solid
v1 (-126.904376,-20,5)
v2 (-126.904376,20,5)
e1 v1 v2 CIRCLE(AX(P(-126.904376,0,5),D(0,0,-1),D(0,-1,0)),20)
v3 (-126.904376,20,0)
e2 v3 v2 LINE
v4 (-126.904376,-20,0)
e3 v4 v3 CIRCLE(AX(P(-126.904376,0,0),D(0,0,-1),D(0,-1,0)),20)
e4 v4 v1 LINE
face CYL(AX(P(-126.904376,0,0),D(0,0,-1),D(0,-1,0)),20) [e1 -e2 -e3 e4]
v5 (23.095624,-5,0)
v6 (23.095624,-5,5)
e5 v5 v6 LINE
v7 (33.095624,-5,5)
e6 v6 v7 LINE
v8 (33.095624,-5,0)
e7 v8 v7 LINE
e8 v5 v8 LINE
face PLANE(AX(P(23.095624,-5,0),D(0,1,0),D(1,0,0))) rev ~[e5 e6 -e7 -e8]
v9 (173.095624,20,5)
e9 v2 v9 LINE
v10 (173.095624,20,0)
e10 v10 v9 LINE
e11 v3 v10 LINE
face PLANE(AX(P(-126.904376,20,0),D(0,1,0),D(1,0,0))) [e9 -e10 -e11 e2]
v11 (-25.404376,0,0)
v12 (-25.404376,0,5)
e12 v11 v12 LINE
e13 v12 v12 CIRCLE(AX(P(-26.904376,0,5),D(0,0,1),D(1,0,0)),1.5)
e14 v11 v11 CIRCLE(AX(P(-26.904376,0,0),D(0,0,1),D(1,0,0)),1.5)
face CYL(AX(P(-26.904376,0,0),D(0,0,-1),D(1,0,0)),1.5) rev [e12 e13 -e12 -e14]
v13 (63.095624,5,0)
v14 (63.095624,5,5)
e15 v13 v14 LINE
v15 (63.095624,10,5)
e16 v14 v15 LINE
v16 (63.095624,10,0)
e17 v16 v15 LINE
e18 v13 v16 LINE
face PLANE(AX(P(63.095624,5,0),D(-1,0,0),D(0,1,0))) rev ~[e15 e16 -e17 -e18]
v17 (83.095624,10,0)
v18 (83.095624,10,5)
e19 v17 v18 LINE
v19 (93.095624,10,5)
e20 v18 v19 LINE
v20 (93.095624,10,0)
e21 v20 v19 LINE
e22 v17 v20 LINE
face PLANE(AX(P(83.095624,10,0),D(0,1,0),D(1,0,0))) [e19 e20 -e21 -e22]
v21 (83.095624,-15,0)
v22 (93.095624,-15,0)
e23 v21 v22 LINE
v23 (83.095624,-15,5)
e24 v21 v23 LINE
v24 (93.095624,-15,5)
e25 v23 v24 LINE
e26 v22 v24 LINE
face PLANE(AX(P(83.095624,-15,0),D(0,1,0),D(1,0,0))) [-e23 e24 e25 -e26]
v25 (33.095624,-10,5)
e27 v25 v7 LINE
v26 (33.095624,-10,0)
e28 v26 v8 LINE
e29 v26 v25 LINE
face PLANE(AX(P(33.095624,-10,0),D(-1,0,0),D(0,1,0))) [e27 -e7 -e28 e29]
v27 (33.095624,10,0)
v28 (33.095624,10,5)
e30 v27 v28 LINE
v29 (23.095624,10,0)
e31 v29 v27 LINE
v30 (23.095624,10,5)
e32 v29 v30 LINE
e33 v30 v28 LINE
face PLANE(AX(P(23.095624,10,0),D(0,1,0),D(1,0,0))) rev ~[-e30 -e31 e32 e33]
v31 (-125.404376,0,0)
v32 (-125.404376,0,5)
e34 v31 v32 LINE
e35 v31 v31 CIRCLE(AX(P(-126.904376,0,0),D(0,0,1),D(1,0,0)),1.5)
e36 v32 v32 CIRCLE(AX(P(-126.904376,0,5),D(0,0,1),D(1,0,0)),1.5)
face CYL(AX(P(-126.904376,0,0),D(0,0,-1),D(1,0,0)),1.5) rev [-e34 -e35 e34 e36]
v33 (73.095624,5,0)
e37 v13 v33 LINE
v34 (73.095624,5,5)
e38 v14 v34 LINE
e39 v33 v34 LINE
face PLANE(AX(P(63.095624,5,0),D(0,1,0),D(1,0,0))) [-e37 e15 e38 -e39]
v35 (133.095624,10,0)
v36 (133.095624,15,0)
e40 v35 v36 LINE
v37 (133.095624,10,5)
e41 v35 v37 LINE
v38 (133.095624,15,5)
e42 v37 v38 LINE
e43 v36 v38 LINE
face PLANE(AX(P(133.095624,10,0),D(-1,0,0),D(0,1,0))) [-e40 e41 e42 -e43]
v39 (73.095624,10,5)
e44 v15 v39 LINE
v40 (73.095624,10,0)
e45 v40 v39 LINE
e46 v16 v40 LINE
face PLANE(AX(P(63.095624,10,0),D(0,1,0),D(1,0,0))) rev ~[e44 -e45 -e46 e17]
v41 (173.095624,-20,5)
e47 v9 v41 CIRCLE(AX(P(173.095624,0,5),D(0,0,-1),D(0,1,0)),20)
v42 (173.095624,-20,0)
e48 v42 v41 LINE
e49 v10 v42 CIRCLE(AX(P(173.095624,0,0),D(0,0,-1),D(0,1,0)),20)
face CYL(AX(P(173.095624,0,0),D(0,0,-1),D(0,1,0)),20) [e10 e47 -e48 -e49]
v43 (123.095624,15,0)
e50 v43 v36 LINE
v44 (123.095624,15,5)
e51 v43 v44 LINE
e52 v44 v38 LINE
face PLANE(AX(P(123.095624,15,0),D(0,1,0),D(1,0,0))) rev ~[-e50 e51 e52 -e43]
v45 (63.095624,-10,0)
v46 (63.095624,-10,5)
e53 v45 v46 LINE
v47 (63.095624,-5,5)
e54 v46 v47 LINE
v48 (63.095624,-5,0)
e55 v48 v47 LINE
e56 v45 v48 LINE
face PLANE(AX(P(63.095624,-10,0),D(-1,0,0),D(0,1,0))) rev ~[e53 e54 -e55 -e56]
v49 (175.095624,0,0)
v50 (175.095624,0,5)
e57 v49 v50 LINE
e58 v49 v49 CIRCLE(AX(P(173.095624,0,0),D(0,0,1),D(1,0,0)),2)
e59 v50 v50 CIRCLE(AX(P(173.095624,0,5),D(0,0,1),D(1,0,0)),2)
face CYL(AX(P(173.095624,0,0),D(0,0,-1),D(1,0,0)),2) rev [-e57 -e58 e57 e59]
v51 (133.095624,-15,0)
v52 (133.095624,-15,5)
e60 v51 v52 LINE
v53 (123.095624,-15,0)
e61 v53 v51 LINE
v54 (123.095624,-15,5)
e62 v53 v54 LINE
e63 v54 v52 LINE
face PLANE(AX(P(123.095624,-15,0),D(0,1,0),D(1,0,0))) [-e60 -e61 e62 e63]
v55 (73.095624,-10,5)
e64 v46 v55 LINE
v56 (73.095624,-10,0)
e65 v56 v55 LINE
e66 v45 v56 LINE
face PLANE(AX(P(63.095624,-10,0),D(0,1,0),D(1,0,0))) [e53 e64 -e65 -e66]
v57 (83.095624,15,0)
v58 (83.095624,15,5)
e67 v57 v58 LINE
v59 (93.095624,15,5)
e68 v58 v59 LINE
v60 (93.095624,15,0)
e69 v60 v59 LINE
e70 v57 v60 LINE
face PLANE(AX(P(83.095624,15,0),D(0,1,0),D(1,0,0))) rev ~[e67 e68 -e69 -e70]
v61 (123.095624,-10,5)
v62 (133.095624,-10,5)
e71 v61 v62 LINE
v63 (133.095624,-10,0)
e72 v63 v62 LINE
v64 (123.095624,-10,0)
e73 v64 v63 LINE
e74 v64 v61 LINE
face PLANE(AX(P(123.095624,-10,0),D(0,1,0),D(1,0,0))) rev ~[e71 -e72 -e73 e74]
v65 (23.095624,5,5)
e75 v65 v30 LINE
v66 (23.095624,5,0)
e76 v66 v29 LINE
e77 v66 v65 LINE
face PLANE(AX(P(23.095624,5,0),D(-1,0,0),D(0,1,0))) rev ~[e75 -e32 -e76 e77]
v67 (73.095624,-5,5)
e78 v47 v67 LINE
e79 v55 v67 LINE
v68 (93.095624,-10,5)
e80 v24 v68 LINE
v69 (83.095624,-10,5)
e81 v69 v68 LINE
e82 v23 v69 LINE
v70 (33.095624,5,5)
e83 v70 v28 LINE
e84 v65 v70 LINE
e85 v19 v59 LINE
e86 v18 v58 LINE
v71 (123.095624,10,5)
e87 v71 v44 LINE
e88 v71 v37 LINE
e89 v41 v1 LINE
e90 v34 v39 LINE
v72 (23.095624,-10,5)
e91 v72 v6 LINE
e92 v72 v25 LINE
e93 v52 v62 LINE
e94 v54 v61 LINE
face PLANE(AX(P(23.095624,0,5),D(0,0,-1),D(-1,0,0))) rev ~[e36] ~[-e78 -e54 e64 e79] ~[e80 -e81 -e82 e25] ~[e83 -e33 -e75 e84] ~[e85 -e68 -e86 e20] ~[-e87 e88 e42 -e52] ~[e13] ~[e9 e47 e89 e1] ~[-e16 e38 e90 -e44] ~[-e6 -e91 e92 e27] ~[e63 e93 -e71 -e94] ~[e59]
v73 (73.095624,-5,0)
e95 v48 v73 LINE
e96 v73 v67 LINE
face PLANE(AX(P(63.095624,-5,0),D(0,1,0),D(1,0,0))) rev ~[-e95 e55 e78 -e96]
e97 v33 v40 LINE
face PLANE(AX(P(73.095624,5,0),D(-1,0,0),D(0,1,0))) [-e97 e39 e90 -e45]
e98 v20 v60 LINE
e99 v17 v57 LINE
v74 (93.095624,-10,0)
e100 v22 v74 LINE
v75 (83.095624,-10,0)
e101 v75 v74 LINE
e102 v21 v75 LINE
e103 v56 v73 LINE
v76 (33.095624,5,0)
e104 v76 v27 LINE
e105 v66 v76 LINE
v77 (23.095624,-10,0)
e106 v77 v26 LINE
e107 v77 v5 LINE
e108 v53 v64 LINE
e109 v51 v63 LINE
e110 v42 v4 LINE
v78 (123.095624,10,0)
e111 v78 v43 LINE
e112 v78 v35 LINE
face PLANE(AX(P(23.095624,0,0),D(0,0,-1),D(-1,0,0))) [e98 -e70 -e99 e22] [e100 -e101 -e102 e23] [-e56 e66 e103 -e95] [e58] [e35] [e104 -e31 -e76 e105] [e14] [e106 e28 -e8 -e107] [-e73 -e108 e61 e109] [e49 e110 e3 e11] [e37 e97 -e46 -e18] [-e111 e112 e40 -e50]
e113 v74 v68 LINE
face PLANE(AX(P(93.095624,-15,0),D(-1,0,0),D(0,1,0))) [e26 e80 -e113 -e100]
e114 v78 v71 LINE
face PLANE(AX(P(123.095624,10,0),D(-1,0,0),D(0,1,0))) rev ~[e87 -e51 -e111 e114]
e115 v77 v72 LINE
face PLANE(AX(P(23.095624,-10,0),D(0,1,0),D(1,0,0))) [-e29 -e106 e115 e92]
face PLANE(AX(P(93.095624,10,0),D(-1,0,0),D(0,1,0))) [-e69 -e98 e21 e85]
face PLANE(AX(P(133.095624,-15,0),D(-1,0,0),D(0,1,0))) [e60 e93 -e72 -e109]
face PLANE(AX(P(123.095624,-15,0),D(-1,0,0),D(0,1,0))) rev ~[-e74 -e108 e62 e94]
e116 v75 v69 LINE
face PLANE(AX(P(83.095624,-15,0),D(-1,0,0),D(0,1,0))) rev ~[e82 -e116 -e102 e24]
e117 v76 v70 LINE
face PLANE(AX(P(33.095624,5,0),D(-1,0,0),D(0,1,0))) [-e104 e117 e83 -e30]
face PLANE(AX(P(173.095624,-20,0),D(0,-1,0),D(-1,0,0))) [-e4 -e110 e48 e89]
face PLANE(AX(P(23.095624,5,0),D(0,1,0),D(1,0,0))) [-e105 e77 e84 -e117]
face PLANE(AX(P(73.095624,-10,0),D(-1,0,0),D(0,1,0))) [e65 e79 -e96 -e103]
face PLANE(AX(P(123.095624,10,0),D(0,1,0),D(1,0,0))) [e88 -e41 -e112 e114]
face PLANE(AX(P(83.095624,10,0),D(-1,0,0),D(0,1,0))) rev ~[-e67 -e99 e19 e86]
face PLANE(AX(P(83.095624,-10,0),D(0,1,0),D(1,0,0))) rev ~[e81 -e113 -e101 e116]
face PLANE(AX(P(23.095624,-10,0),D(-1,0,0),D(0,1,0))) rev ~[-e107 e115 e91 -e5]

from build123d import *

# Parameters (mm, degrees)
SKETCH1_R           = 1.5
SKETCH1_R_2         = 2
SKETCH1_W           = 10
SKETCH1_H           = 5
BOSS_EXTRUDE1_DEPTH = 5


with BuildPart() as part:
    # Sketch1 → Boss-Extrude1 (new body)
    with BuildSketch(Plane.XY):
        with BuildLine():
            Line((-126.904376013, 20), (173.095623987, 20))
            ThreePointArc((173.095623987, 20), (193.095623987, 0), (173.095623987, -20))
            Line((173.095623987, -20), (-126.904376013, -20))
            ThreePointArc((-126.904376013, -20), (-146.904376013, 0), (-126.904376013, 20))
        make_face()
        with Locations((-126.904376013, 0)):
            Circle(SKETCH1_R, mode=Mode.SUBTRACT)
        with Locations((173.095623987, 0)):
            Circle(SKETCH1_R_2, mode=Mode.SUBTRACT)
        with Locations((-26.904376013, 0)):
            Circle(SKETCH1_R, mode=Mode.SUBTRACT)
        with Locations((28.095623987, 7.5)):
            Rectangle(SKETCH1_W, SKETCH1_H, mode=Mode.SUBTRACT)
        with Locations((28.095623987, -7.5)):
            Rectangle(SKETCH1_W, SKETCH1_H, mode=Mode.SUBTRACT)
        with Locations((68.095623987, 7.5)):
            Rectangle(SKETCH1_W, SKETCH1_H, mode=Mode.SUBTRACT)
        with Locations((68.095623987, -7.5)):
            Rectangle(SKETCH1_W, SKETCH1_H, mode=Mode.SUBTRACT)
        with Locations((128.095623987, -12.5)):
            Rectangle(SKETCH1_W, SKETCH1_H, mode=Mode.SUBTRACT)
        with Locations((128.095623987, 12.5)):
            Rectangle(SKETCH1_W, SKETCH1_H, mode=Mode.SUBTRACT)
        with Locations((88.095623987, -12.5)):
            Rectangle(SKETCH1_W, SKETCH1_H, mode=Mode.SUBTRACT)
        with Locations((88.095623987, 12.5)):
            Rectangle(SKETCH1_W, SKETCH1_H, mode=Mode.SUBTRACT)
    extrude(amount=BOSS_EXTRUDE1_DEPTH)


solid = part.part
